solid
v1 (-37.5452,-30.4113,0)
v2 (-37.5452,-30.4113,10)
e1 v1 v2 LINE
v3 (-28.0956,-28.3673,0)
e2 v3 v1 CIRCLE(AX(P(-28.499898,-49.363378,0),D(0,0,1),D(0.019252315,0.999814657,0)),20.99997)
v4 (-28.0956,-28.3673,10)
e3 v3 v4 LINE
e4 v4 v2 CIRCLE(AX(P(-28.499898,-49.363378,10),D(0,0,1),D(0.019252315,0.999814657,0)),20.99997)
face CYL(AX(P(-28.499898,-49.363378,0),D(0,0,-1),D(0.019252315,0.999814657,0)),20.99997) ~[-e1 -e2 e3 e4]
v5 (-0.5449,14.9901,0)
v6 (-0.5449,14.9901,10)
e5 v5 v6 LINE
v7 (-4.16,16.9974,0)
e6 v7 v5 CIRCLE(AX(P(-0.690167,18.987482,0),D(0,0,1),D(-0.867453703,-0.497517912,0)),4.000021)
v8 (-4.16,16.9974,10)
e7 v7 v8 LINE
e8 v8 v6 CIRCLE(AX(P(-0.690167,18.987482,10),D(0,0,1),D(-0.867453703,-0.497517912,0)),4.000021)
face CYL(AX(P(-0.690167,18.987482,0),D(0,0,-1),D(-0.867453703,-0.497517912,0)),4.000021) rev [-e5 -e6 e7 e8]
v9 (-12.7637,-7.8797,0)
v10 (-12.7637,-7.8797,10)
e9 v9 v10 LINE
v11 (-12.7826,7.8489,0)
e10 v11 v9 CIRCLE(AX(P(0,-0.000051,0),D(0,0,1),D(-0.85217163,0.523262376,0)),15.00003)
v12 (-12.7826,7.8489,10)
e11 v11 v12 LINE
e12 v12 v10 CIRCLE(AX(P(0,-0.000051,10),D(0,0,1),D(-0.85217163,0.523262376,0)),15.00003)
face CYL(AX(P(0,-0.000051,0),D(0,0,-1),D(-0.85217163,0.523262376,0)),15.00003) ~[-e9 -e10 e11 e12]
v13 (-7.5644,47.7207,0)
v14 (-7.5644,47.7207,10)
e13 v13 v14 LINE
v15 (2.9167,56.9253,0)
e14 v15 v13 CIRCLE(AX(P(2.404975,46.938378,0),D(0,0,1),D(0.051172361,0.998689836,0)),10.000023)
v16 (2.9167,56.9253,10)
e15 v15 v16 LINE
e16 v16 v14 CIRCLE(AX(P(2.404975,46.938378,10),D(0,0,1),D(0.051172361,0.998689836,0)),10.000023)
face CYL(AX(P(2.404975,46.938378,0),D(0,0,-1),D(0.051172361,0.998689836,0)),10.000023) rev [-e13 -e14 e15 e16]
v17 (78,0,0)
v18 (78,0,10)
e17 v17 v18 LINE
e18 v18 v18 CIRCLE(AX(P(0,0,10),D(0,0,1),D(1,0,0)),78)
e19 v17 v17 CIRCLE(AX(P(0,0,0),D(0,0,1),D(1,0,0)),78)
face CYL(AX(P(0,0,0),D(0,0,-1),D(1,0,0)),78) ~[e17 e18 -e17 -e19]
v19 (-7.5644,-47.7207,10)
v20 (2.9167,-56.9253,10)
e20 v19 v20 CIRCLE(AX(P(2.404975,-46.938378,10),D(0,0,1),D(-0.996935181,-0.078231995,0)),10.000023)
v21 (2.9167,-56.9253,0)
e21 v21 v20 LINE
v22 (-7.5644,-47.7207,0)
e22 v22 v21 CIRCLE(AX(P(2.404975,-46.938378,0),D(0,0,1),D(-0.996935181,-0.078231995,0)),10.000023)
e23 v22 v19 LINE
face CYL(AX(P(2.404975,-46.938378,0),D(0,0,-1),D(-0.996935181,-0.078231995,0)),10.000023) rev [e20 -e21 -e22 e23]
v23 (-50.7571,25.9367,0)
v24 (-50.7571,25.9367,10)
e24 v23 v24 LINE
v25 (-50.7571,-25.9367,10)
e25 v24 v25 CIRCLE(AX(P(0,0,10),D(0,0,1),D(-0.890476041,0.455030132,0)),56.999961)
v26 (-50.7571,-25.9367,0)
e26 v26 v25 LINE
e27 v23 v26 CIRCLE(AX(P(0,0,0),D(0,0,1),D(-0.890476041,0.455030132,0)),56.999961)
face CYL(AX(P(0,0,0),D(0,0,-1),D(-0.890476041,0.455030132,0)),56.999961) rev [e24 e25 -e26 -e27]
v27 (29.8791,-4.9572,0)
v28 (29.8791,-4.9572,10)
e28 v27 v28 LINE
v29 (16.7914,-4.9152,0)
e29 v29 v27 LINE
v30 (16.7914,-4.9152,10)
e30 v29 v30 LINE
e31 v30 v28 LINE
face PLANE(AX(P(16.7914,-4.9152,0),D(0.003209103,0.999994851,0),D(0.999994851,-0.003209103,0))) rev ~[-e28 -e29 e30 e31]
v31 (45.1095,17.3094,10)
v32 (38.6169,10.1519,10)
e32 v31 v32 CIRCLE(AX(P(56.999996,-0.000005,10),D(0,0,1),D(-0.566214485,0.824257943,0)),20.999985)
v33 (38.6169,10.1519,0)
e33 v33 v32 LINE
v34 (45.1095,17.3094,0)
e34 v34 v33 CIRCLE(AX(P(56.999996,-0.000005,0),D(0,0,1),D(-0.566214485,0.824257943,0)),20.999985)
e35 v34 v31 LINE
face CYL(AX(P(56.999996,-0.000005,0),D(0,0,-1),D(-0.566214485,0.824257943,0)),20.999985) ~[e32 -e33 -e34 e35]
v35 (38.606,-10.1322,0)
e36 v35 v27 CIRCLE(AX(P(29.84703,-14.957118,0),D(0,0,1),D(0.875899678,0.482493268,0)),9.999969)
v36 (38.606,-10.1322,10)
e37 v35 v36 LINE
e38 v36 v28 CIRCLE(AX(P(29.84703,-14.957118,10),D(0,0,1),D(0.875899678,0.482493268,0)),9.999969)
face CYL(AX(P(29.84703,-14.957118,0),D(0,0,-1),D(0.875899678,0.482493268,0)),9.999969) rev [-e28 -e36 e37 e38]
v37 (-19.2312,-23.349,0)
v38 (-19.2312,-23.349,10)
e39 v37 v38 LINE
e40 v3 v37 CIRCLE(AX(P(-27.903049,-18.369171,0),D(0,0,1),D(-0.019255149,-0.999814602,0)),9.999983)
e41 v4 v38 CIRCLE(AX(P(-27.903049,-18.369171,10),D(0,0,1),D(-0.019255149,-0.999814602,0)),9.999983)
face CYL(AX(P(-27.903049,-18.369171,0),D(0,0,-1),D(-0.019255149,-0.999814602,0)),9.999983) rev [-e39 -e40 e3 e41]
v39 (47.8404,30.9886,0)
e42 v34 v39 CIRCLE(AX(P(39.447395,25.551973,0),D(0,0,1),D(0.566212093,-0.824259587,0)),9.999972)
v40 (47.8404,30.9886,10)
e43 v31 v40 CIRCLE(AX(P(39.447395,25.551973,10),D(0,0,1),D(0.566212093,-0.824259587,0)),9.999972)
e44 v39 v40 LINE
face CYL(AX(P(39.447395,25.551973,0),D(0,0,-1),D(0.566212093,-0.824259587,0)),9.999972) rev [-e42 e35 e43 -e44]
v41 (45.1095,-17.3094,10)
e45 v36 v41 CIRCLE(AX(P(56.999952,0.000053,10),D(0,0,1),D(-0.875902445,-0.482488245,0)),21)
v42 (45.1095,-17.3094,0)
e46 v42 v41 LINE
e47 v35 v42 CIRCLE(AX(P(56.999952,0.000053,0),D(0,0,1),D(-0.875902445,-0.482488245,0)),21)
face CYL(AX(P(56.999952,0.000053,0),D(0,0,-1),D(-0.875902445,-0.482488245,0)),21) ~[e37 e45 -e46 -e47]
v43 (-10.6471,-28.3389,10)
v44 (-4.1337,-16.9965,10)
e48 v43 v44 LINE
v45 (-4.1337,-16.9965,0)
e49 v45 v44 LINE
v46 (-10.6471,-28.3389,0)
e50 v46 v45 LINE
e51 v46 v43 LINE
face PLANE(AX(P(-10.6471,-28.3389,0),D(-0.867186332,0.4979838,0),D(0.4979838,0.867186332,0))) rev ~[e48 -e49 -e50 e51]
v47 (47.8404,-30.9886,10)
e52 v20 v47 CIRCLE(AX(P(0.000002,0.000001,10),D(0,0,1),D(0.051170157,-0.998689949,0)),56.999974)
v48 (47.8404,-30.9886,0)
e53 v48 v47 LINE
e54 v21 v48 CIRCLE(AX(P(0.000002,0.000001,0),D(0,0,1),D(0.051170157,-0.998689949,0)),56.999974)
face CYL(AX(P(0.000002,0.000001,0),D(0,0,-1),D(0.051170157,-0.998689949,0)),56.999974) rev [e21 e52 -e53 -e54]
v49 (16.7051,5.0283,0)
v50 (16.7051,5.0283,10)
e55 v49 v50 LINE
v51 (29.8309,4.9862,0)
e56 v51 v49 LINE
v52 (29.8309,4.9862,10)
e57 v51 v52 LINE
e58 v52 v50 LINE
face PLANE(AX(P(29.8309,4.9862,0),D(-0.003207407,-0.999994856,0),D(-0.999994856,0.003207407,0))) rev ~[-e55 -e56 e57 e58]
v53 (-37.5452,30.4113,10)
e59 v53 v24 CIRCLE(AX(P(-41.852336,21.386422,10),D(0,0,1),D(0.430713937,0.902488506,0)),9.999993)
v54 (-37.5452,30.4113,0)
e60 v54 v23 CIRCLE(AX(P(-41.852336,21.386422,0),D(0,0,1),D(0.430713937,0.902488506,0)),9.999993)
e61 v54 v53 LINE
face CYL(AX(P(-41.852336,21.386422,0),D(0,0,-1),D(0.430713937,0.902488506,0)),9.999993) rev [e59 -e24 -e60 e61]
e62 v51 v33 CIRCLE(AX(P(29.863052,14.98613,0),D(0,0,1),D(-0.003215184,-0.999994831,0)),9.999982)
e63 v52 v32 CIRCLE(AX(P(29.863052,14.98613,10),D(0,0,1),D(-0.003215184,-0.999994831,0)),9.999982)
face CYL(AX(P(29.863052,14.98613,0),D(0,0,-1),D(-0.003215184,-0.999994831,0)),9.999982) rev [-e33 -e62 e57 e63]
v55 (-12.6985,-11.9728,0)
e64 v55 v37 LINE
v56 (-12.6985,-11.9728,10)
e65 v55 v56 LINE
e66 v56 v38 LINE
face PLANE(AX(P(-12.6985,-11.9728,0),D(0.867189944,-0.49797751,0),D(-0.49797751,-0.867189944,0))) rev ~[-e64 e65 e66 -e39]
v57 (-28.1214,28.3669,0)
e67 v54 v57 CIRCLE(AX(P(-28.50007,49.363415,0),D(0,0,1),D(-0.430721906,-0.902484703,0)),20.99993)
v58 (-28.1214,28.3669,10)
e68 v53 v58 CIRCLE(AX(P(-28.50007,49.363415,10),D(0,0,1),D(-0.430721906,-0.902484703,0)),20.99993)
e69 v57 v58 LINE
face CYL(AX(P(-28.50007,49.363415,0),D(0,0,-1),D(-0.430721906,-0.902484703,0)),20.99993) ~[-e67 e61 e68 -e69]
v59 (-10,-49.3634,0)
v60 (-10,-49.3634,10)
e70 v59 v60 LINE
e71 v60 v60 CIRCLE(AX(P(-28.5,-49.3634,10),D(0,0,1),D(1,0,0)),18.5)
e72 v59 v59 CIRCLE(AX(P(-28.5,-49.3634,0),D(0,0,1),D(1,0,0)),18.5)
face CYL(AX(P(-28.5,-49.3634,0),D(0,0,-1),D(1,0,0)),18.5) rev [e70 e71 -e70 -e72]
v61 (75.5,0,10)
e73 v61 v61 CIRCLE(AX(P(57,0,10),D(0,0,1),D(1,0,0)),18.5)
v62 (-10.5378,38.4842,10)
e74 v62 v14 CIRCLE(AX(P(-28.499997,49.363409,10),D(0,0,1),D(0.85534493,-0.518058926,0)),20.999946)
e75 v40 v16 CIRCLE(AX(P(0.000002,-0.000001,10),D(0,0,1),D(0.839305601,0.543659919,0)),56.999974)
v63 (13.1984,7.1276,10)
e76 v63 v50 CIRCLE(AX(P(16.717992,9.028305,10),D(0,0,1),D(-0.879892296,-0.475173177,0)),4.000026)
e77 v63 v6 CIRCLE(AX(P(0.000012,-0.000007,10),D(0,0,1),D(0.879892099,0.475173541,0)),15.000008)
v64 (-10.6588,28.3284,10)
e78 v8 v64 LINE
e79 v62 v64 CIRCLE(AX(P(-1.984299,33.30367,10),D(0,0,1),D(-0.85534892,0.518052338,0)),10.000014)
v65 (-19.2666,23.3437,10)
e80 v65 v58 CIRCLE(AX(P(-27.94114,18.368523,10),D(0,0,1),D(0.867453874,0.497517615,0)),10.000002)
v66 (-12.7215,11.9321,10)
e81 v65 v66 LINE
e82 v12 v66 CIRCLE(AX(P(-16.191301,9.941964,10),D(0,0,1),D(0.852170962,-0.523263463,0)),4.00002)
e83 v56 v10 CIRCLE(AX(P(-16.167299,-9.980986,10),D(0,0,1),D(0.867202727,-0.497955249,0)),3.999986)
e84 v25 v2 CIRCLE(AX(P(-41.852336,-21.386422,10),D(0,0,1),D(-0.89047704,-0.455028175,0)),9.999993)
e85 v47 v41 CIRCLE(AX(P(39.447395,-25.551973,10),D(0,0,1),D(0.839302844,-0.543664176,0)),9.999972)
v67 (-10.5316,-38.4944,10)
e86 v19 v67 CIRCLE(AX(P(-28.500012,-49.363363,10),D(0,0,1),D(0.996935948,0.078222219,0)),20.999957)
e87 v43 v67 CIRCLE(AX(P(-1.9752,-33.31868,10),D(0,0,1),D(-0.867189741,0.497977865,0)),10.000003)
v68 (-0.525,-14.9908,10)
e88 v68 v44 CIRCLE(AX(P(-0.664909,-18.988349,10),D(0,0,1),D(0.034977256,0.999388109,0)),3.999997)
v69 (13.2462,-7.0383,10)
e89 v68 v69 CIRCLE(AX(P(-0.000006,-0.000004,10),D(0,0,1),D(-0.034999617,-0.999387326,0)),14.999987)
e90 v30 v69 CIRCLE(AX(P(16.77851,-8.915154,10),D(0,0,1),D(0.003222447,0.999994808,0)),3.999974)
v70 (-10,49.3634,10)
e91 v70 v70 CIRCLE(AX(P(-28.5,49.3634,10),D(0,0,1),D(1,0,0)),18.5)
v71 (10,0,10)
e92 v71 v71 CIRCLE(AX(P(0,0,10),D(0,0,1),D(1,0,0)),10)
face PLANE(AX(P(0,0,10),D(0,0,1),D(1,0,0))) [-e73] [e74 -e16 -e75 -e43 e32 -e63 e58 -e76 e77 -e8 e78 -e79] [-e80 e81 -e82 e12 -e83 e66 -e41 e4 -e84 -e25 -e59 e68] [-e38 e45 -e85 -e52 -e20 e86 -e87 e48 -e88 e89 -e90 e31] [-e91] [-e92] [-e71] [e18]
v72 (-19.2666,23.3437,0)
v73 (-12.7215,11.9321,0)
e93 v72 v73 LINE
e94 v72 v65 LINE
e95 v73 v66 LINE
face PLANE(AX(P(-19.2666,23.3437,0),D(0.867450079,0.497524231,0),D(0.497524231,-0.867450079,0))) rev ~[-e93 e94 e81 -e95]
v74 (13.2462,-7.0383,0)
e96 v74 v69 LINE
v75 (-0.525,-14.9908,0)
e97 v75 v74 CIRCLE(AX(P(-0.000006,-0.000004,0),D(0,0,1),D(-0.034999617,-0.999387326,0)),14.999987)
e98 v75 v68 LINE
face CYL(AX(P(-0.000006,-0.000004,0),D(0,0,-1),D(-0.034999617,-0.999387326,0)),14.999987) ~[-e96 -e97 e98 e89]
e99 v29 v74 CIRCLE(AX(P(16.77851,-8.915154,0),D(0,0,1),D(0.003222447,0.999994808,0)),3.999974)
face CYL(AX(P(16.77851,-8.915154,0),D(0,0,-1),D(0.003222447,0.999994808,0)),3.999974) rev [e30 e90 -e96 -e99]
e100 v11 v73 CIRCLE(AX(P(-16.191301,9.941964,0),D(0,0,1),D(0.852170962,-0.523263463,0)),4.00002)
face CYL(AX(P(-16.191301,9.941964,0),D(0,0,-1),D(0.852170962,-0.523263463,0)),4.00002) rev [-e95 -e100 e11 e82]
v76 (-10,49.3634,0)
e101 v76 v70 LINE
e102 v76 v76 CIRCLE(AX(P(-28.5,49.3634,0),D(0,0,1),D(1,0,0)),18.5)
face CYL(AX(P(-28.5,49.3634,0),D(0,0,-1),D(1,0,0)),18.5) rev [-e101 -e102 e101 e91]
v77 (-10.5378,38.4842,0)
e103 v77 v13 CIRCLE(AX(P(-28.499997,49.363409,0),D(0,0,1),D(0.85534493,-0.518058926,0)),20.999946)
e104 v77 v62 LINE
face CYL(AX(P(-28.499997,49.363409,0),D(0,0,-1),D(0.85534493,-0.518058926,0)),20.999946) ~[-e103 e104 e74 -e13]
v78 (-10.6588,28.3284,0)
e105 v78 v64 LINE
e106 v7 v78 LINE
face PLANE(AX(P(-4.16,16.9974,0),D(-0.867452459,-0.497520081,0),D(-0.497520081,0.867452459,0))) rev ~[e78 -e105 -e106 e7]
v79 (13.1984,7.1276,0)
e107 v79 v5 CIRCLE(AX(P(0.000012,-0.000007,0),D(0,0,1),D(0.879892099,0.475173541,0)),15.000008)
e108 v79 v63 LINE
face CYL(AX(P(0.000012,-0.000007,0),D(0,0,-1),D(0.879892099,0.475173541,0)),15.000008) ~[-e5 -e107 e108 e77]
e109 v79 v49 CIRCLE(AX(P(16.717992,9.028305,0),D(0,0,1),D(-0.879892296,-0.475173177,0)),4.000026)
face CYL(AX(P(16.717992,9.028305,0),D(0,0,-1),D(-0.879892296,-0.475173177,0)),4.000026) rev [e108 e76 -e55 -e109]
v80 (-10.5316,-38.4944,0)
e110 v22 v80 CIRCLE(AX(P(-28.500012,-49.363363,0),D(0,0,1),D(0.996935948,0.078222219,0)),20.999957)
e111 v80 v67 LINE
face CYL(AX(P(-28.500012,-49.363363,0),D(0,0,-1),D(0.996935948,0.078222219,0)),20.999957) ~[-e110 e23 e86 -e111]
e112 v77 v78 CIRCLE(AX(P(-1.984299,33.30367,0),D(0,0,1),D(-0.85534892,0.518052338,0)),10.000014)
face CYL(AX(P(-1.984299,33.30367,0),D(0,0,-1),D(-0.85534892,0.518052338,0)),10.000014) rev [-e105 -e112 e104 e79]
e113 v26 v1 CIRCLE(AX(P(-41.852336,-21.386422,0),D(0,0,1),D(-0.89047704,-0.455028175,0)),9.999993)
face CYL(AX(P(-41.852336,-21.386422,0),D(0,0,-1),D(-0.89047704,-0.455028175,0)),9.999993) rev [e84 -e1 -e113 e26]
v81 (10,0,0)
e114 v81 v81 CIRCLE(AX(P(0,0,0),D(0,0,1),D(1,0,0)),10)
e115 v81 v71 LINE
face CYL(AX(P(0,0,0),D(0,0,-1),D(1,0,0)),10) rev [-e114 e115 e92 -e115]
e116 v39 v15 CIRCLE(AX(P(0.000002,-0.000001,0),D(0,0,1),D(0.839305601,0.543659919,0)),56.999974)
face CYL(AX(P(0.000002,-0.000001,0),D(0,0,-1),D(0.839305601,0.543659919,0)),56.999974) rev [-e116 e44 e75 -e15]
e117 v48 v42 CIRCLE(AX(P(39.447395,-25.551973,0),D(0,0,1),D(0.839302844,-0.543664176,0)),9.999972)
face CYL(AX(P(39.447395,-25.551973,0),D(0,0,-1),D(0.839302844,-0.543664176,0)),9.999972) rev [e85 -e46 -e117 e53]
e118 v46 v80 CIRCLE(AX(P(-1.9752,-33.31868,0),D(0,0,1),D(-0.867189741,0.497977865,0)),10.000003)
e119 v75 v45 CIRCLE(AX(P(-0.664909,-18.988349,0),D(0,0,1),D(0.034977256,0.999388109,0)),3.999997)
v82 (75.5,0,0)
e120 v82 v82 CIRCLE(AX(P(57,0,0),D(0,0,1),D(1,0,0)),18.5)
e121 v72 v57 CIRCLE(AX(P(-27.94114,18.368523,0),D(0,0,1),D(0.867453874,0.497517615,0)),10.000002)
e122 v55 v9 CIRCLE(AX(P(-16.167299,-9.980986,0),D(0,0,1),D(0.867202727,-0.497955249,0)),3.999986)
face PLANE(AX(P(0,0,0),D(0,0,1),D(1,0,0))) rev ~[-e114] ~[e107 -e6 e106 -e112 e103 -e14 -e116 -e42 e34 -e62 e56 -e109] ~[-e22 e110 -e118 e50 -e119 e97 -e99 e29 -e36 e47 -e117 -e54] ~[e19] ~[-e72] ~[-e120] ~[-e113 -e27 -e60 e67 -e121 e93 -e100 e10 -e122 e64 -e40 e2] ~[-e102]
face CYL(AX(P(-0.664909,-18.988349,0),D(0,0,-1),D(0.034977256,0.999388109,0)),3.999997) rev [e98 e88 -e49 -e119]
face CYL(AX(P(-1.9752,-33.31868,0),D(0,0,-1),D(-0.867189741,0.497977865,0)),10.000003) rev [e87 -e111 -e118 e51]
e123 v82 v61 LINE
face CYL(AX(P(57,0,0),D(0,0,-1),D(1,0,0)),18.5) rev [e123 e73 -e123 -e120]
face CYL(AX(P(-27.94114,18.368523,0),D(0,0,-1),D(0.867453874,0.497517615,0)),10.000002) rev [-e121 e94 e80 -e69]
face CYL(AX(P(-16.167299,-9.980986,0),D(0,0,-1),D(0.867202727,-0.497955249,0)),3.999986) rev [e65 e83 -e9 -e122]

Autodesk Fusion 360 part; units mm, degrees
sketch "Skizze1" plane through (0, 0, 0) normal (0, 0, 1) x (1, 0, 0)
  circle A0 centre (0, 0) radius 78
  circle A1 centre (-28.5, 49.3634) radius 18.5
  circle A2 centre (57, 0) radius 18.5
  circle A3 centre (-28.5, -49.3634) radius 18.5
  line L0 (38.5, 0) -> (57, 0) construction
  arc A4 (47.8404, 30.9886) -> (2.9167, 56.9253) centre (0, 0) ccw
  arc A5 (-50.7571, 25.9367) -> (-50.7571, -25.9367) centre (0, 0) ccw
  arc A6 (2.9167, -56.9253) -> (47.8404, -30.9886) centre (0, 0) ccw
  line L1 (-19.2666, 23.3437) -> (-12.7215, 11.9321)
  line L2 (-4.16, 16.9974) -> (-10.6588, 28.3284)
  line L3 (-12.6985, -11.9728) -> (-19.2312, -23.349)
  line L4 (-10.6471, -28.3389) -> (-4.1337, -16.9965)
  line L5 (-7.5, -12.9904) -> (-18, -31.1769) construction
  line L6 (16.7914, -4.9152) -> (29.8791, -4.9572)
  line L7 (29.8309, 4.9862) -> (16.7051, 5.0283)
  arc A7 (-10.5378, 38.4842) -> (-7.5644, 47.7207) centre (-28.5, 49.3634) ccw
  arc A8 (-37.5452, 30.4113) -> (-28.1214, 28.3669) centre (-28.5, 49.3634) ccw
  arc A9 (-7.5644, -47.7207) -> (-10.5316, -38.4944) centre (-28.5, -49.3634) ccw
  arc A10 (-28.0956, -28.3673) -> (-37.5452, -30.4113) centre (-28.5, -49.3634) ccw
  arc A11 (38.606, -10.1322) -> (45.1095, -17.3094) centre (57, 0) ccw
  arc A12 (45.1095, 17.3094) -> (38.6169, 10.1519) centre (57, 0) ccw
  arc A13 (-12.7826, 7.8489) -> (-12.7637, -7.8797) centre (0, 0) ccw
  arc A14 (-0.525, -14.9908) -> (13.2462, -7.0383) centre (0, 0) ccw
  arc A15 (13.1984, 7.1276) -> (-0.5449, 14.9901) centre (0, 0) ccw
  arc A16 (13.1984, 7.1276) -> (16.7051, 5.0283) centre (16.718, 9.0283) ccw
  arc A17 (16.7914, -4.9152) -> (13.2462, -7.0383) centre (16.7786, -8.9151) ccw
  arc A18 (-0.525, -14.9908) -> (-4.1337, -16.9965) centre (-0.665, -18.9884) ccw
  arc A19 (-12.6985, -11.9728) -> (-12.7637, -7.8797) centre (-16.1673, -9.9809) ccw
  arc A20 (-12.7826, 7.8489) -> (-12.7215, 11.9321) centre (-16.1913, 9.942) ccw
  arc A21 (-4.16, 16.9974) -> (-0.5449, 14.9901) centre (-0.6902, 18.9875) ccw
  arc A22 (29.8309, 4.9862) -> (38.6169, 10.1519) centre (29.863, 14.9861) ccw
  arc A23 (38.606, -10.1322) -> (29.8791, -4.9572) centre (29.847, -14.9571) ccw
  arc A24 (-10.6471, -28.3389) -> (-10.5316, -38.4944) centre (-1.9752, -33.3187) ccw
  arc A25 (-28.0956, -28.3673) -> (-19.2312, -23.349) centre (-27.9031, -18.3692) ccw
  arc A26 (-19.2666, 23.3437) -> (-28.1214, 28.3669) centre (-27.9411, 18.3685) ccw
  arc A27 (-10.5378, 38.4842) -> (-10.6588, 28.3284) centre (-1.9843, 33.3036) ccw
  arc A28 (-37.5452, 30.4113) -> (-50.7571, 25.9367) centre (-41.8524, 21.3864) ccw
  arc A29 (2.9167, 56.9253) -> (-7.5644, 47.7207) centre (2.405, 46.9384) ccw
  arc A30 (45.1095, 17.3094) -> (47.8404, 30.9886) centre (39.4474, 25.552) ccw
  arc A31 (47.8404, -30.9886) -> (45.1095, -17.3094) centre (39.4474, -25.552) ccw
  arc A32 (-7.5644, -47.7207) -> (2.9167, -56.9253) centre (2.405, -46.9384) ccw
  arc A33 (-50.7571, -25.9367) -> (-37.5452, -30.4113) centre (-41.8524, -21.3864) ccw
  circle A34 centre (0, 0) radius 10
  dimension "d3" = 57
  dimension "d5" = 57
  dimension "d7" = 57
  dimension "d8" = 156
  dimension "d9" = 37
  dimension "d10" = 37
  dimension "d11" = 37
  dimension "d12" = 114
  dimension "d13" = 42
  dimension "d14" = 42
  dimension "d15" = 42
  dimension "d16" = 30
  dimension "d20" = 4
  dimension "d21" = 10
  dimension "d22" = 10
  dimension "d23" = 10
  dimension "d24" = 10
  dimension "d25" = 10
  dimension "d26" = 10
  dimension "d27" = 10
  dimension "d28" = 10
  dimension "d29" = 10
  dimension "d30" = 10
  dimension "d31" = 10
  dimension "d32" = 10
  dimension "d35" = 20
extrude "Extrusion2" add sketch "Skizze1" along normal blind 10
equation "d8 = ( 57 * 2 ) * 1 mm + 37 mm + 5 mm"
equation "d12 = ( 57 * 2 ) * 1 mm"
equation "d13 = 37 mm + 5 mm"
equation "d14 = 37 mm + 5 mm"
equation "d15 = 37 mm + 5 mm"
